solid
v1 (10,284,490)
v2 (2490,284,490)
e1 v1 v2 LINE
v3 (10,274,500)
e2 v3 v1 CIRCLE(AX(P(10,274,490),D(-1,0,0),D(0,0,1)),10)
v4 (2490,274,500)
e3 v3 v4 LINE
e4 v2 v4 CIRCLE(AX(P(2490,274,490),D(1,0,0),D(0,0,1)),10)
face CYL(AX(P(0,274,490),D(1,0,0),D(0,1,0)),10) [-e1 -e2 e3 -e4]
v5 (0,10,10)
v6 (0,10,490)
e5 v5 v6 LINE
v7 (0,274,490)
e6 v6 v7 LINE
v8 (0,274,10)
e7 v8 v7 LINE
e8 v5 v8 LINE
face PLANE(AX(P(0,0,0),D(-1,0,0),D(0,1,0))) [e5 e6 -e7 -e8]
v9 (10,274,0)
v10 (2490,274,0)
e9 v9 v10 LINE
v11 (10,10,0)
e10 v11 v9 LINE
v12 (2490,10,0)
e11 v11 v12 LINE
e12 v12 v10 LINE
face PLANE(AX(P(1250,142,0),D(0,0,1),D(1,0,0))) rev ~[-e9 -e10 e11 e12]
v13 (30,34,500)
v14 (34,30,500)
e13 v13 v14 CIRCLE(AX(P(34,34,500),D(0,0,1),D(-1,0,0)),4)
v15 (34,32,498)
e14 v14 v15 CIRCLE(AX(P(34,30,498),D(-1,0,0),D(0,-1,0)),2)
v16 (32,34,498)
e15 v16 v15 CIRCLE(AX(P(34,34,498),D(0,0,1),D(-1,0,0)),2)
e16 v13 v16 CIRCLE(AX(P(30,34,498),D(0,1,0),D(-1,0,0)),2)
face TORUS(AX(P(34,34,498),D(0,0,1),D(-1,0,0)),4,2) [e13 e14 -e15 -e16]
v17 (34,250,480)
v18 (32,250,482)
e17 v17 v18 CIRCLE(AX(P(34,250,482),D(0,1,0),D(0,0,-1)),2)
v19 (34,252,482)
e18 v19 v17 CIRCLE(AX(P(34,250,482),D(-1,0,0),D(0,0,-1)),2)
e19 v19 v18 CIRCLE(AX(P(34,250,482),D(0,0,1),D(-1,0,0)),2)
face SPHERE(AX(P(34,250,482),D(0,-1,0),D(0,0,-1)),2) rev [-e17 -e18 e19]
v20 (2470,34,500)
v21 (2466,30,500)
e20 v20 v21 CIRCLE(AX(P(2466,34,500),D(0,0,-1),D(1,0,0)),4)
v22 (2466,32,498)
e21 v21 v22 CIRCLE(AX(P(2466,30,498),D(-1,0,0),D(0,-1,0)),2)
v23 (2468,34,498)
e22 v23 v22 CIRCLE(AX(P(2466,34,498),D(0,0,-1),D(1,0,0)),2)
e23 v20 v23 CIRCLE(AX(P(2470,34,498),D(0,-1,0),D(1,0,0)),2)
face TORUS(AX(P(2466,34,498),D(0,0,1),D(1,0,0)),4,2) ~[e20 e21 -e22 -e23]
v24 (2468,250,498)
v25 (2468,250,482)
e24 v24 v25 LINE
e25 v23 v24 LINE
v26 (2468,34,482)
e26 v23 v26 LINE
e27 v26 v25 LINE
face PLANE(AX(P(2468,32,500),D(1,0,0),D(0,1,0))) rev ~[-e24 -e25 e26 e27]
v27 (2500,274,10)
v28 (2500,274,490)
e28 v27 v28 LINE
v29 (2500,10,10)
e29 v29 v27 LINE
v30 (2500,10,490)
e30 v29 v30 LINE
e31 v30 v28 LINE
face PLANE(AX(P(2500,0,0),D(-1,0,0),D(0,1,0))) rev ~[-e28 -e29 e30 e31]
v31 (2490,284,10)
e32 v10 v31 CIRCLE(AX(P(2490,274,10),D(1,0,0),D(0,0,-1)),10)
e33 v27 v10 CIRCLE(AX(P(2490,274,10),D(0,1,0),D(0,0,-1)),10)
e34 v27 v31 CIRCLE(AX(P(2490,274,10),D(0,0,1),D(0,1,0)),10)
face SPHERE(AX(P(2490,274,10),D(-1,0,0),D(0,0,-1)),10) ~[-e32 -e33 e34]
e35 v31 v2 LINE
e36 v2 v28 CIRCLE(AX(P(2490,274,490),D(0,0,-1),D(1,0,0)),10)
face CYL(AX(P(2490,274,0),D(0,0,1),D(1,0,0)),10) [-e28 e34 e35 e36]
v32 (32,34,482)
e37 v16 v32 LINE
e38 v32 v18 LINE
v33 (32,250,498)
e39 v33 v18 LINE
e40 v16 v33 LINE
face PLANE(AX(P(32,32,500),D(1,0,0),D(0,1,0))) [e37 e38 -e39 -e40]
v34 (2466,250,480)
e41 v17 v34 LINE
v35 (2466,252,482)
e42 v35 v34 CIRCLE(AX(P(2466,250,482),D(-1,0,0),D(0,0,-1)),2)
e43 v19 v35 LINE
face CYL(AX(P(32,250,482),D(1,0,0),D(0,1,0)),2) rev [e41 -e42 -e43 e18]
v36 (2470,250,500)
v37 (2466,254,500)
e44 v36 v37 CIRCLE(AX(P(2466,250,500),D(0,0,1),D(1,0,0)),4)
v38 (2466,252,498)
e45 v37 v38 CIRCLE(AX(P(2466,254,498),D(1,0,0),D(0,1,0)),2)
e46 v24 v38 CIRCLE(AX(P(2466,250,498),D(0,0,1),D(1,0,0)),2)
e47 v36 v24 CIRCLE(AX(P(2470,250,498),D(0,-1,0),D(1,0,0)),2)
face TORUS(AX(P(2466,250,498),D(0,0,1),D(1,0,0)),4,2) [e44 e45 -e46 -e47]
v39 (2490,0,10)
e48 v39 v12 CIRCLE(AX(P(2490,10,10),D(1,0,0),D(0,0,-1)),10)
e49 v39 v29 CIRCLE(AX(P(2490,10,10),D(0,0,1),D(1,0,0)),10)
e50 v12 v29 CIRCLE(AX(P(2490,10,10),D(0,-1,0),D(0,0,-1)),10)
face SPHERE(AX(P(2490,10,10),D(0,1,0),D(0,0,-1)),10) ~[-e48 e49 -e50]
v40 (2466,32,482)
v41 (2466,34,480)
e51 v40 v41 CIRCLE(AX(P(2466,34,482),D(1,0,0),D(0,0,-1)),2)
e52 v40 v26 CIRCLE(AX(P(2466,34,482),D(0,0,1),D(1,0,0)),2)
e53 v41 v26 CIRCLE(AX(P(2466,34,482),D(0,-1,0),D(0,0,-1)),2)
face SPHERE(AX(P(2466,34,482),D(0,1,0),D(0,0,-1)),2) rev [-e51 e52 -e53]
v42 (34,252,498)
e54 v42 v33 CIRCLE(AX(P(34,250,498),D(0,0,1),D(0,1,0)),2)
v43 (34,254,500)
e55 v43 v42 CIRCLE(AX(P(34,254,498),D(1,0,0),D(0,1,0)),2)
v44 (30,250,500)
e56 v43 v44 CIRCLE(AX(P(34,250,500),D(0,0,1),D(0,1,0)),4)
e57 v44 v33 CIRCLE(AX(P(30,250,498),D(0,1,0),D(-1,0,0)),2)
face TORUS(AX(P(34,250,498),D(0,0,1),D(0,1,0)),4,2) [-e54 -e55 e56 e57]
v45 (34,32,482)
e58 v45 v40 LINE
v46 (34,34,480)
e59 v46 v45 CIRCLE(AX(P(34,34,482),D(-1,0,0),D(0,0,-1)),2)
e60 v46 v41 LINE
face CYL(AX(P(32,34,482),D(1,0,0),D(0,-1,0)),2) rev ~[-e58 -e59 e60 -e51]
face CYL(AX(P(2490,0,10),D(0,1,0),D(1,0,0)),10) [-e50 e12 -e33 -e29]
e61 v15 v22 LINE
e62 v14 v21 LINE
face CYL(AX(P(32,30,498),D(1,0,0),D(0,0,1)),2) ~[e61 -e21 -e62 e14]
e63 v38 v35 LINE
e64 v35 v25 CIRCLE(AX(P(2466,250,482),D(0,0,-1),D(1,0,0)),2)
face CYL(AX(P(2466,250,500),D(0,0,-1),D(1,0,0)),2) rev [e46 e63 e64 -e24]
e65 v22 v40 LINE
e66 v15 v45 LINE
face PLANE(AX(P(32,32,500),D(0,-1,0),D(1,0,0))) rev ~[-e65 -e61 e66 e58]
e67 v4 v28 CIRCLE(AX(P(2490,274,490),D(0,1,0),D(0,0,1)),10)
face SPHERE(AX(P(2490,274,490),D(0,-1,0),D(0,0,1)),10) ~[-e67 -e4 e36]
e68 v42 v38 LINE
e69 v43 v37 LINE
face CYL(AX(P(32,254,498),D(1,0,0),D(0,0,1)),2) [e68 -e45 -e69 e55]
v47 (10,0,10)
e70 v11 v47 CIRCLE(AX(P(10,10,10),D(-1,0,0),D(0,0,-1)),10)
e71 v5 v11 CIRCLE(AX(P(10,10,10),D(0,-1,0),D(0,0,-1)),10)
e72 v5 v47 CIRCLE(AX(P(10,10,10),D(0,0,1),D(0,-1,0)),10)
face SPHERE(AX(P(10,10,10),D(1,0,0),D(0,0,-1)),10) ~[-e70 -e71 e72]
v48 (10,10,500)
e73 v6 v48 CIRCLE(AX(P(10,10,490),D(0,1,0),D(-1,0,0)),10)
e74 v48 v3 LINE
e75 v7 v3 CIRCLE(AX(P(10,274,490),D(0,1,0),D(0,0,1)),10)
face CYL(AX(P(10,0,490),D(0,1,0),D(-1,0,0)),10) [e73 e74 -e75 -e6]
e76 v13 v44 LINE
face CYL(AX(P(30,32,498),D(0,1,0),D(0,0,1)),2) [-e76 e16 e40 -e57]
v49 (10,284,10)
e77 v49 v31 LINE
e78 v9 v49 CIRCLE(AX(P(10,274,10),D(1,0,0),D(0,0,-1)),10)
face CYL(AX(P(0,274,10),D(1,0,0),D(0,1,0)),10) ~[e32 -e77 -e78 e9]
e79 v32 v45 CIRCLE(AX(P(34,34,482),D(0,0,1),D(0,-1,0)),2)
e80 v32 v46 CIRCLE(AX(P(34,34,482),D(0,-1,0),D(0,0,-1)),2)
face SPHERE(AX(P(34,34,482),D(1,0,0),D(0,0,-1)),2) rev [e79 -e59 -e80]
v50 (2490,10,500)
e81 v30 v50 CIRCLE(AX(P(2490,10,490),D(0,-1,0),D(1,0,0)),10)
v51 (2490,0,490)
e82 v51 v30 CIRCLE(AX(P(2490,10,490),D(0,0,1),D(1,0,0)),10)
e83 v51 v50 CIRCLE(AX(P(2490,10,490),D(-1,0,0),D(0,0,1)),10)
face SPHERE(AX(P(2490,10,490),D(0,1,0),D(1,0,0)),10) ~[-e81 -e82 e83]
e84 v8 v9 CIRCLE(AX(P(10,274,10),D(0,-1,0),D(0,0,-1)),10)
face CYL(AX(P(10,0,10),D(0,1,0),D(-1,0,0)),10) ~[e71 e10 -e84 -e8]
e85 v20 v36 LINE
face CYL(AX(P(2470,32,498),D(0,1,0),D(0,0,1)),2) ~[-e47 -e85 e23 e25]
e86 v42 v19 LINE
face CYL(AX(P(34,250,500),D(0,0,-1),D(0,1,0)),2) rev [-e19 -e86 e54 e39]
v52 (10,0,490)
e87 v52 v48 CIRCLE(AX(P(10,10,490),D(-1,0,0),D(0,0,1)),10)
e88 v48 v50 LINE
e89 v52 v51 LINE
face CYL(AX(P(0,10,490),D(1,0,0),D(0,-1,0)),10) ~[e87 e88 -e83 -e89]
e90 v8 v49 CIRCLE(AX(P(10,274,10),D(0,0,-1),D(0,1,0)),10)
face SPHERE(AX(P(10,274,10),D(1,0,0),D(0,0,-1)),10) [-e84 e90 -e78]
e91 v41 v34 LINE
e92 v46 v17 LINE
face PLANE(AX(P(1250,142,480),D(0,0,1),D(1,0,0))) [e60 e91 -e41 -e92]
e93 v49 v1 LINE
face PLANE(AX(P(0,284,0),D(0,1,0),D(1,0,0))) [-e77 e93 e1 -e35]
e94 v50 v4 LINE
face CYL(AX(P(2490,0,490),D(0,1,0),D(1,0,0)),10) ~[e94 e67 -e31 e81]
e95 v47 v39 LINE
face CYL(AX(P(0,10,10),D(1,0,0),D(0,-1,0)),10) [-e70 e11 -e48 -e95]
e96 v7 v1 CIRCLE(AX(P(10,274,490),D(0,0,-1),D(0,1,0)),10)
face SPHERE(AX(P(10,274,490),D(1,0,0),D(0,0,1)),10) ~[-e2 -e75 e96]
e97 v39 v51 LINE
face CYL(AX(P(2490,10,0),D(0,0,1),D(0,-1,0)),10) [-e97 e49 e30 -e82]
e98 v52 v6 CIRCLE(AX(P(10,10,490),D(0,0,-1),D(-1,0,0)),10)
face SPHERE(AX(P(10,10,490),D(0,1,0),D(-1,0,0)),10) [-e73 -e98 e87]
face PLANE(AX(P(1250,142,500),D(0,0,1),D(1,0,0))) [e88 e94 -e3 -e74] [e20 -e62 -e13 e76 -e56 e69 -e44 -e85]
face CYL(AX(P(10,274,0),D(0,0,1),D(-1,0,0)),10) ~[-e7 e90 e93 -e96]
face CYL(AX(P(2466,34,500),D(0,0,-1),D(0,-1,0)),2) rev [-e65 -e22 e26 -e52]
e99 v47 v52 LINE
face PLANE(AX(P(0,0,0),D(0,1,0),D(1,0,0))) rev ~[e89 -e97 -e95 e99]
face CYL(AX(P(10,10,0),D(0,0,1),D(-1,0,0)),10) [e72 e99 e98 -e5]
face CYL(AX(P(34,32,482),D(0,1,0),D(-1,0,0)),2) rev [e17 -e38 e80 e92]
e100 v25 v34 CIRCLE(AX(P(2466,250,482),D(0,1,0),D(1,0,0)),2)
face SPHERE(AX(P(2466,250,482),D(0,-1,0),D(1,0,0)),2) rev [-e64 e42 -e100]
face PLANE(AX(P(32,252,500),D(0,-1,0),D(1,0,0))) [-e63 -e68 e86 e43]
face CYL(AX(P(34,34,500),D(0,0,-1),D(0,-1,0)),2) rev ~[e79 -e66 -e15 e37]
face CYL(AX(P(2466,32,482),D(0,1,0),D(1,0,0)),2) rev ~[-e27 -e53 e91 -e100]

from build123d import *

# Parameters (mm, degrees)
SKETCH1_W           = 2500
SKETCH1_H           = 284
BOSS_EXTRUDE1_DEPTH = 500
FILLET1_R           = 10
SKETCH2_W           = 2436
SKETCH2_H           = 220
CUT_EXTRUDE1_DEPTH  = 20
FILLET2_R           = 2


with BuildPart() as part:
    # Sketch1 → Boss-Extrude1 (new body)
    with BuildSketch(Plane.XY):
        with Locations((1250, 142)):
            Rectangle(SKETCH1_W, SKETCH1_H)
    extrude(amount=BOSS_EXTRUDE1_DEPTH)

    # Fillet1
    fillet1_edges = [part.edges().sort_by_distance(p)[0] for p in [
        (2500, 142, 500),
        (1250, 284, 500),
        (0, 142, 500),
        (1250, 284, 0),
        (2500, 142, 0),
        (1250, 0, 0),
        (0, 142, 0),
        (0, 284, 250),
        (2500, 284, 250),
        (2500, 0, 250),
        (0, 0, 250),
        (1250, 0, 500),
    ]]
    fillet(fillet1_edges, radius=FILLET1_R)

    # Sketch2 → Cut-Extrude1 (cut)
    with BuildSketch(Plane.XY.offset(500)):
        with Locations((1250, 142)):
            Rectangle(SKETCH2_W, SKETCH2_H)
    extrude(amount=-CUT_EXTRUDE1_DEPTH, mode=Mode.SUBTRACT)

    # Fillet2
    fillet2_edges = [part.edges().sort_by_distance(p)[0] for p in [
        (2468, 142, 480),
        (2468, 252, 490),
        (1250, 32, 480),
        (2468, 32, 490),
        (32, 142, 480),
        (32, 32, 490),
        (1250, 252, 480),
        (32, 252, 490),
        (2468, 142, 500),
        (1250, 252, 500),
        (32, 142, 500),
        (1250, 32, 500),
    ]]
    fillet(fillet2_edges, radius=FILLET2_R)


solid = part.part
